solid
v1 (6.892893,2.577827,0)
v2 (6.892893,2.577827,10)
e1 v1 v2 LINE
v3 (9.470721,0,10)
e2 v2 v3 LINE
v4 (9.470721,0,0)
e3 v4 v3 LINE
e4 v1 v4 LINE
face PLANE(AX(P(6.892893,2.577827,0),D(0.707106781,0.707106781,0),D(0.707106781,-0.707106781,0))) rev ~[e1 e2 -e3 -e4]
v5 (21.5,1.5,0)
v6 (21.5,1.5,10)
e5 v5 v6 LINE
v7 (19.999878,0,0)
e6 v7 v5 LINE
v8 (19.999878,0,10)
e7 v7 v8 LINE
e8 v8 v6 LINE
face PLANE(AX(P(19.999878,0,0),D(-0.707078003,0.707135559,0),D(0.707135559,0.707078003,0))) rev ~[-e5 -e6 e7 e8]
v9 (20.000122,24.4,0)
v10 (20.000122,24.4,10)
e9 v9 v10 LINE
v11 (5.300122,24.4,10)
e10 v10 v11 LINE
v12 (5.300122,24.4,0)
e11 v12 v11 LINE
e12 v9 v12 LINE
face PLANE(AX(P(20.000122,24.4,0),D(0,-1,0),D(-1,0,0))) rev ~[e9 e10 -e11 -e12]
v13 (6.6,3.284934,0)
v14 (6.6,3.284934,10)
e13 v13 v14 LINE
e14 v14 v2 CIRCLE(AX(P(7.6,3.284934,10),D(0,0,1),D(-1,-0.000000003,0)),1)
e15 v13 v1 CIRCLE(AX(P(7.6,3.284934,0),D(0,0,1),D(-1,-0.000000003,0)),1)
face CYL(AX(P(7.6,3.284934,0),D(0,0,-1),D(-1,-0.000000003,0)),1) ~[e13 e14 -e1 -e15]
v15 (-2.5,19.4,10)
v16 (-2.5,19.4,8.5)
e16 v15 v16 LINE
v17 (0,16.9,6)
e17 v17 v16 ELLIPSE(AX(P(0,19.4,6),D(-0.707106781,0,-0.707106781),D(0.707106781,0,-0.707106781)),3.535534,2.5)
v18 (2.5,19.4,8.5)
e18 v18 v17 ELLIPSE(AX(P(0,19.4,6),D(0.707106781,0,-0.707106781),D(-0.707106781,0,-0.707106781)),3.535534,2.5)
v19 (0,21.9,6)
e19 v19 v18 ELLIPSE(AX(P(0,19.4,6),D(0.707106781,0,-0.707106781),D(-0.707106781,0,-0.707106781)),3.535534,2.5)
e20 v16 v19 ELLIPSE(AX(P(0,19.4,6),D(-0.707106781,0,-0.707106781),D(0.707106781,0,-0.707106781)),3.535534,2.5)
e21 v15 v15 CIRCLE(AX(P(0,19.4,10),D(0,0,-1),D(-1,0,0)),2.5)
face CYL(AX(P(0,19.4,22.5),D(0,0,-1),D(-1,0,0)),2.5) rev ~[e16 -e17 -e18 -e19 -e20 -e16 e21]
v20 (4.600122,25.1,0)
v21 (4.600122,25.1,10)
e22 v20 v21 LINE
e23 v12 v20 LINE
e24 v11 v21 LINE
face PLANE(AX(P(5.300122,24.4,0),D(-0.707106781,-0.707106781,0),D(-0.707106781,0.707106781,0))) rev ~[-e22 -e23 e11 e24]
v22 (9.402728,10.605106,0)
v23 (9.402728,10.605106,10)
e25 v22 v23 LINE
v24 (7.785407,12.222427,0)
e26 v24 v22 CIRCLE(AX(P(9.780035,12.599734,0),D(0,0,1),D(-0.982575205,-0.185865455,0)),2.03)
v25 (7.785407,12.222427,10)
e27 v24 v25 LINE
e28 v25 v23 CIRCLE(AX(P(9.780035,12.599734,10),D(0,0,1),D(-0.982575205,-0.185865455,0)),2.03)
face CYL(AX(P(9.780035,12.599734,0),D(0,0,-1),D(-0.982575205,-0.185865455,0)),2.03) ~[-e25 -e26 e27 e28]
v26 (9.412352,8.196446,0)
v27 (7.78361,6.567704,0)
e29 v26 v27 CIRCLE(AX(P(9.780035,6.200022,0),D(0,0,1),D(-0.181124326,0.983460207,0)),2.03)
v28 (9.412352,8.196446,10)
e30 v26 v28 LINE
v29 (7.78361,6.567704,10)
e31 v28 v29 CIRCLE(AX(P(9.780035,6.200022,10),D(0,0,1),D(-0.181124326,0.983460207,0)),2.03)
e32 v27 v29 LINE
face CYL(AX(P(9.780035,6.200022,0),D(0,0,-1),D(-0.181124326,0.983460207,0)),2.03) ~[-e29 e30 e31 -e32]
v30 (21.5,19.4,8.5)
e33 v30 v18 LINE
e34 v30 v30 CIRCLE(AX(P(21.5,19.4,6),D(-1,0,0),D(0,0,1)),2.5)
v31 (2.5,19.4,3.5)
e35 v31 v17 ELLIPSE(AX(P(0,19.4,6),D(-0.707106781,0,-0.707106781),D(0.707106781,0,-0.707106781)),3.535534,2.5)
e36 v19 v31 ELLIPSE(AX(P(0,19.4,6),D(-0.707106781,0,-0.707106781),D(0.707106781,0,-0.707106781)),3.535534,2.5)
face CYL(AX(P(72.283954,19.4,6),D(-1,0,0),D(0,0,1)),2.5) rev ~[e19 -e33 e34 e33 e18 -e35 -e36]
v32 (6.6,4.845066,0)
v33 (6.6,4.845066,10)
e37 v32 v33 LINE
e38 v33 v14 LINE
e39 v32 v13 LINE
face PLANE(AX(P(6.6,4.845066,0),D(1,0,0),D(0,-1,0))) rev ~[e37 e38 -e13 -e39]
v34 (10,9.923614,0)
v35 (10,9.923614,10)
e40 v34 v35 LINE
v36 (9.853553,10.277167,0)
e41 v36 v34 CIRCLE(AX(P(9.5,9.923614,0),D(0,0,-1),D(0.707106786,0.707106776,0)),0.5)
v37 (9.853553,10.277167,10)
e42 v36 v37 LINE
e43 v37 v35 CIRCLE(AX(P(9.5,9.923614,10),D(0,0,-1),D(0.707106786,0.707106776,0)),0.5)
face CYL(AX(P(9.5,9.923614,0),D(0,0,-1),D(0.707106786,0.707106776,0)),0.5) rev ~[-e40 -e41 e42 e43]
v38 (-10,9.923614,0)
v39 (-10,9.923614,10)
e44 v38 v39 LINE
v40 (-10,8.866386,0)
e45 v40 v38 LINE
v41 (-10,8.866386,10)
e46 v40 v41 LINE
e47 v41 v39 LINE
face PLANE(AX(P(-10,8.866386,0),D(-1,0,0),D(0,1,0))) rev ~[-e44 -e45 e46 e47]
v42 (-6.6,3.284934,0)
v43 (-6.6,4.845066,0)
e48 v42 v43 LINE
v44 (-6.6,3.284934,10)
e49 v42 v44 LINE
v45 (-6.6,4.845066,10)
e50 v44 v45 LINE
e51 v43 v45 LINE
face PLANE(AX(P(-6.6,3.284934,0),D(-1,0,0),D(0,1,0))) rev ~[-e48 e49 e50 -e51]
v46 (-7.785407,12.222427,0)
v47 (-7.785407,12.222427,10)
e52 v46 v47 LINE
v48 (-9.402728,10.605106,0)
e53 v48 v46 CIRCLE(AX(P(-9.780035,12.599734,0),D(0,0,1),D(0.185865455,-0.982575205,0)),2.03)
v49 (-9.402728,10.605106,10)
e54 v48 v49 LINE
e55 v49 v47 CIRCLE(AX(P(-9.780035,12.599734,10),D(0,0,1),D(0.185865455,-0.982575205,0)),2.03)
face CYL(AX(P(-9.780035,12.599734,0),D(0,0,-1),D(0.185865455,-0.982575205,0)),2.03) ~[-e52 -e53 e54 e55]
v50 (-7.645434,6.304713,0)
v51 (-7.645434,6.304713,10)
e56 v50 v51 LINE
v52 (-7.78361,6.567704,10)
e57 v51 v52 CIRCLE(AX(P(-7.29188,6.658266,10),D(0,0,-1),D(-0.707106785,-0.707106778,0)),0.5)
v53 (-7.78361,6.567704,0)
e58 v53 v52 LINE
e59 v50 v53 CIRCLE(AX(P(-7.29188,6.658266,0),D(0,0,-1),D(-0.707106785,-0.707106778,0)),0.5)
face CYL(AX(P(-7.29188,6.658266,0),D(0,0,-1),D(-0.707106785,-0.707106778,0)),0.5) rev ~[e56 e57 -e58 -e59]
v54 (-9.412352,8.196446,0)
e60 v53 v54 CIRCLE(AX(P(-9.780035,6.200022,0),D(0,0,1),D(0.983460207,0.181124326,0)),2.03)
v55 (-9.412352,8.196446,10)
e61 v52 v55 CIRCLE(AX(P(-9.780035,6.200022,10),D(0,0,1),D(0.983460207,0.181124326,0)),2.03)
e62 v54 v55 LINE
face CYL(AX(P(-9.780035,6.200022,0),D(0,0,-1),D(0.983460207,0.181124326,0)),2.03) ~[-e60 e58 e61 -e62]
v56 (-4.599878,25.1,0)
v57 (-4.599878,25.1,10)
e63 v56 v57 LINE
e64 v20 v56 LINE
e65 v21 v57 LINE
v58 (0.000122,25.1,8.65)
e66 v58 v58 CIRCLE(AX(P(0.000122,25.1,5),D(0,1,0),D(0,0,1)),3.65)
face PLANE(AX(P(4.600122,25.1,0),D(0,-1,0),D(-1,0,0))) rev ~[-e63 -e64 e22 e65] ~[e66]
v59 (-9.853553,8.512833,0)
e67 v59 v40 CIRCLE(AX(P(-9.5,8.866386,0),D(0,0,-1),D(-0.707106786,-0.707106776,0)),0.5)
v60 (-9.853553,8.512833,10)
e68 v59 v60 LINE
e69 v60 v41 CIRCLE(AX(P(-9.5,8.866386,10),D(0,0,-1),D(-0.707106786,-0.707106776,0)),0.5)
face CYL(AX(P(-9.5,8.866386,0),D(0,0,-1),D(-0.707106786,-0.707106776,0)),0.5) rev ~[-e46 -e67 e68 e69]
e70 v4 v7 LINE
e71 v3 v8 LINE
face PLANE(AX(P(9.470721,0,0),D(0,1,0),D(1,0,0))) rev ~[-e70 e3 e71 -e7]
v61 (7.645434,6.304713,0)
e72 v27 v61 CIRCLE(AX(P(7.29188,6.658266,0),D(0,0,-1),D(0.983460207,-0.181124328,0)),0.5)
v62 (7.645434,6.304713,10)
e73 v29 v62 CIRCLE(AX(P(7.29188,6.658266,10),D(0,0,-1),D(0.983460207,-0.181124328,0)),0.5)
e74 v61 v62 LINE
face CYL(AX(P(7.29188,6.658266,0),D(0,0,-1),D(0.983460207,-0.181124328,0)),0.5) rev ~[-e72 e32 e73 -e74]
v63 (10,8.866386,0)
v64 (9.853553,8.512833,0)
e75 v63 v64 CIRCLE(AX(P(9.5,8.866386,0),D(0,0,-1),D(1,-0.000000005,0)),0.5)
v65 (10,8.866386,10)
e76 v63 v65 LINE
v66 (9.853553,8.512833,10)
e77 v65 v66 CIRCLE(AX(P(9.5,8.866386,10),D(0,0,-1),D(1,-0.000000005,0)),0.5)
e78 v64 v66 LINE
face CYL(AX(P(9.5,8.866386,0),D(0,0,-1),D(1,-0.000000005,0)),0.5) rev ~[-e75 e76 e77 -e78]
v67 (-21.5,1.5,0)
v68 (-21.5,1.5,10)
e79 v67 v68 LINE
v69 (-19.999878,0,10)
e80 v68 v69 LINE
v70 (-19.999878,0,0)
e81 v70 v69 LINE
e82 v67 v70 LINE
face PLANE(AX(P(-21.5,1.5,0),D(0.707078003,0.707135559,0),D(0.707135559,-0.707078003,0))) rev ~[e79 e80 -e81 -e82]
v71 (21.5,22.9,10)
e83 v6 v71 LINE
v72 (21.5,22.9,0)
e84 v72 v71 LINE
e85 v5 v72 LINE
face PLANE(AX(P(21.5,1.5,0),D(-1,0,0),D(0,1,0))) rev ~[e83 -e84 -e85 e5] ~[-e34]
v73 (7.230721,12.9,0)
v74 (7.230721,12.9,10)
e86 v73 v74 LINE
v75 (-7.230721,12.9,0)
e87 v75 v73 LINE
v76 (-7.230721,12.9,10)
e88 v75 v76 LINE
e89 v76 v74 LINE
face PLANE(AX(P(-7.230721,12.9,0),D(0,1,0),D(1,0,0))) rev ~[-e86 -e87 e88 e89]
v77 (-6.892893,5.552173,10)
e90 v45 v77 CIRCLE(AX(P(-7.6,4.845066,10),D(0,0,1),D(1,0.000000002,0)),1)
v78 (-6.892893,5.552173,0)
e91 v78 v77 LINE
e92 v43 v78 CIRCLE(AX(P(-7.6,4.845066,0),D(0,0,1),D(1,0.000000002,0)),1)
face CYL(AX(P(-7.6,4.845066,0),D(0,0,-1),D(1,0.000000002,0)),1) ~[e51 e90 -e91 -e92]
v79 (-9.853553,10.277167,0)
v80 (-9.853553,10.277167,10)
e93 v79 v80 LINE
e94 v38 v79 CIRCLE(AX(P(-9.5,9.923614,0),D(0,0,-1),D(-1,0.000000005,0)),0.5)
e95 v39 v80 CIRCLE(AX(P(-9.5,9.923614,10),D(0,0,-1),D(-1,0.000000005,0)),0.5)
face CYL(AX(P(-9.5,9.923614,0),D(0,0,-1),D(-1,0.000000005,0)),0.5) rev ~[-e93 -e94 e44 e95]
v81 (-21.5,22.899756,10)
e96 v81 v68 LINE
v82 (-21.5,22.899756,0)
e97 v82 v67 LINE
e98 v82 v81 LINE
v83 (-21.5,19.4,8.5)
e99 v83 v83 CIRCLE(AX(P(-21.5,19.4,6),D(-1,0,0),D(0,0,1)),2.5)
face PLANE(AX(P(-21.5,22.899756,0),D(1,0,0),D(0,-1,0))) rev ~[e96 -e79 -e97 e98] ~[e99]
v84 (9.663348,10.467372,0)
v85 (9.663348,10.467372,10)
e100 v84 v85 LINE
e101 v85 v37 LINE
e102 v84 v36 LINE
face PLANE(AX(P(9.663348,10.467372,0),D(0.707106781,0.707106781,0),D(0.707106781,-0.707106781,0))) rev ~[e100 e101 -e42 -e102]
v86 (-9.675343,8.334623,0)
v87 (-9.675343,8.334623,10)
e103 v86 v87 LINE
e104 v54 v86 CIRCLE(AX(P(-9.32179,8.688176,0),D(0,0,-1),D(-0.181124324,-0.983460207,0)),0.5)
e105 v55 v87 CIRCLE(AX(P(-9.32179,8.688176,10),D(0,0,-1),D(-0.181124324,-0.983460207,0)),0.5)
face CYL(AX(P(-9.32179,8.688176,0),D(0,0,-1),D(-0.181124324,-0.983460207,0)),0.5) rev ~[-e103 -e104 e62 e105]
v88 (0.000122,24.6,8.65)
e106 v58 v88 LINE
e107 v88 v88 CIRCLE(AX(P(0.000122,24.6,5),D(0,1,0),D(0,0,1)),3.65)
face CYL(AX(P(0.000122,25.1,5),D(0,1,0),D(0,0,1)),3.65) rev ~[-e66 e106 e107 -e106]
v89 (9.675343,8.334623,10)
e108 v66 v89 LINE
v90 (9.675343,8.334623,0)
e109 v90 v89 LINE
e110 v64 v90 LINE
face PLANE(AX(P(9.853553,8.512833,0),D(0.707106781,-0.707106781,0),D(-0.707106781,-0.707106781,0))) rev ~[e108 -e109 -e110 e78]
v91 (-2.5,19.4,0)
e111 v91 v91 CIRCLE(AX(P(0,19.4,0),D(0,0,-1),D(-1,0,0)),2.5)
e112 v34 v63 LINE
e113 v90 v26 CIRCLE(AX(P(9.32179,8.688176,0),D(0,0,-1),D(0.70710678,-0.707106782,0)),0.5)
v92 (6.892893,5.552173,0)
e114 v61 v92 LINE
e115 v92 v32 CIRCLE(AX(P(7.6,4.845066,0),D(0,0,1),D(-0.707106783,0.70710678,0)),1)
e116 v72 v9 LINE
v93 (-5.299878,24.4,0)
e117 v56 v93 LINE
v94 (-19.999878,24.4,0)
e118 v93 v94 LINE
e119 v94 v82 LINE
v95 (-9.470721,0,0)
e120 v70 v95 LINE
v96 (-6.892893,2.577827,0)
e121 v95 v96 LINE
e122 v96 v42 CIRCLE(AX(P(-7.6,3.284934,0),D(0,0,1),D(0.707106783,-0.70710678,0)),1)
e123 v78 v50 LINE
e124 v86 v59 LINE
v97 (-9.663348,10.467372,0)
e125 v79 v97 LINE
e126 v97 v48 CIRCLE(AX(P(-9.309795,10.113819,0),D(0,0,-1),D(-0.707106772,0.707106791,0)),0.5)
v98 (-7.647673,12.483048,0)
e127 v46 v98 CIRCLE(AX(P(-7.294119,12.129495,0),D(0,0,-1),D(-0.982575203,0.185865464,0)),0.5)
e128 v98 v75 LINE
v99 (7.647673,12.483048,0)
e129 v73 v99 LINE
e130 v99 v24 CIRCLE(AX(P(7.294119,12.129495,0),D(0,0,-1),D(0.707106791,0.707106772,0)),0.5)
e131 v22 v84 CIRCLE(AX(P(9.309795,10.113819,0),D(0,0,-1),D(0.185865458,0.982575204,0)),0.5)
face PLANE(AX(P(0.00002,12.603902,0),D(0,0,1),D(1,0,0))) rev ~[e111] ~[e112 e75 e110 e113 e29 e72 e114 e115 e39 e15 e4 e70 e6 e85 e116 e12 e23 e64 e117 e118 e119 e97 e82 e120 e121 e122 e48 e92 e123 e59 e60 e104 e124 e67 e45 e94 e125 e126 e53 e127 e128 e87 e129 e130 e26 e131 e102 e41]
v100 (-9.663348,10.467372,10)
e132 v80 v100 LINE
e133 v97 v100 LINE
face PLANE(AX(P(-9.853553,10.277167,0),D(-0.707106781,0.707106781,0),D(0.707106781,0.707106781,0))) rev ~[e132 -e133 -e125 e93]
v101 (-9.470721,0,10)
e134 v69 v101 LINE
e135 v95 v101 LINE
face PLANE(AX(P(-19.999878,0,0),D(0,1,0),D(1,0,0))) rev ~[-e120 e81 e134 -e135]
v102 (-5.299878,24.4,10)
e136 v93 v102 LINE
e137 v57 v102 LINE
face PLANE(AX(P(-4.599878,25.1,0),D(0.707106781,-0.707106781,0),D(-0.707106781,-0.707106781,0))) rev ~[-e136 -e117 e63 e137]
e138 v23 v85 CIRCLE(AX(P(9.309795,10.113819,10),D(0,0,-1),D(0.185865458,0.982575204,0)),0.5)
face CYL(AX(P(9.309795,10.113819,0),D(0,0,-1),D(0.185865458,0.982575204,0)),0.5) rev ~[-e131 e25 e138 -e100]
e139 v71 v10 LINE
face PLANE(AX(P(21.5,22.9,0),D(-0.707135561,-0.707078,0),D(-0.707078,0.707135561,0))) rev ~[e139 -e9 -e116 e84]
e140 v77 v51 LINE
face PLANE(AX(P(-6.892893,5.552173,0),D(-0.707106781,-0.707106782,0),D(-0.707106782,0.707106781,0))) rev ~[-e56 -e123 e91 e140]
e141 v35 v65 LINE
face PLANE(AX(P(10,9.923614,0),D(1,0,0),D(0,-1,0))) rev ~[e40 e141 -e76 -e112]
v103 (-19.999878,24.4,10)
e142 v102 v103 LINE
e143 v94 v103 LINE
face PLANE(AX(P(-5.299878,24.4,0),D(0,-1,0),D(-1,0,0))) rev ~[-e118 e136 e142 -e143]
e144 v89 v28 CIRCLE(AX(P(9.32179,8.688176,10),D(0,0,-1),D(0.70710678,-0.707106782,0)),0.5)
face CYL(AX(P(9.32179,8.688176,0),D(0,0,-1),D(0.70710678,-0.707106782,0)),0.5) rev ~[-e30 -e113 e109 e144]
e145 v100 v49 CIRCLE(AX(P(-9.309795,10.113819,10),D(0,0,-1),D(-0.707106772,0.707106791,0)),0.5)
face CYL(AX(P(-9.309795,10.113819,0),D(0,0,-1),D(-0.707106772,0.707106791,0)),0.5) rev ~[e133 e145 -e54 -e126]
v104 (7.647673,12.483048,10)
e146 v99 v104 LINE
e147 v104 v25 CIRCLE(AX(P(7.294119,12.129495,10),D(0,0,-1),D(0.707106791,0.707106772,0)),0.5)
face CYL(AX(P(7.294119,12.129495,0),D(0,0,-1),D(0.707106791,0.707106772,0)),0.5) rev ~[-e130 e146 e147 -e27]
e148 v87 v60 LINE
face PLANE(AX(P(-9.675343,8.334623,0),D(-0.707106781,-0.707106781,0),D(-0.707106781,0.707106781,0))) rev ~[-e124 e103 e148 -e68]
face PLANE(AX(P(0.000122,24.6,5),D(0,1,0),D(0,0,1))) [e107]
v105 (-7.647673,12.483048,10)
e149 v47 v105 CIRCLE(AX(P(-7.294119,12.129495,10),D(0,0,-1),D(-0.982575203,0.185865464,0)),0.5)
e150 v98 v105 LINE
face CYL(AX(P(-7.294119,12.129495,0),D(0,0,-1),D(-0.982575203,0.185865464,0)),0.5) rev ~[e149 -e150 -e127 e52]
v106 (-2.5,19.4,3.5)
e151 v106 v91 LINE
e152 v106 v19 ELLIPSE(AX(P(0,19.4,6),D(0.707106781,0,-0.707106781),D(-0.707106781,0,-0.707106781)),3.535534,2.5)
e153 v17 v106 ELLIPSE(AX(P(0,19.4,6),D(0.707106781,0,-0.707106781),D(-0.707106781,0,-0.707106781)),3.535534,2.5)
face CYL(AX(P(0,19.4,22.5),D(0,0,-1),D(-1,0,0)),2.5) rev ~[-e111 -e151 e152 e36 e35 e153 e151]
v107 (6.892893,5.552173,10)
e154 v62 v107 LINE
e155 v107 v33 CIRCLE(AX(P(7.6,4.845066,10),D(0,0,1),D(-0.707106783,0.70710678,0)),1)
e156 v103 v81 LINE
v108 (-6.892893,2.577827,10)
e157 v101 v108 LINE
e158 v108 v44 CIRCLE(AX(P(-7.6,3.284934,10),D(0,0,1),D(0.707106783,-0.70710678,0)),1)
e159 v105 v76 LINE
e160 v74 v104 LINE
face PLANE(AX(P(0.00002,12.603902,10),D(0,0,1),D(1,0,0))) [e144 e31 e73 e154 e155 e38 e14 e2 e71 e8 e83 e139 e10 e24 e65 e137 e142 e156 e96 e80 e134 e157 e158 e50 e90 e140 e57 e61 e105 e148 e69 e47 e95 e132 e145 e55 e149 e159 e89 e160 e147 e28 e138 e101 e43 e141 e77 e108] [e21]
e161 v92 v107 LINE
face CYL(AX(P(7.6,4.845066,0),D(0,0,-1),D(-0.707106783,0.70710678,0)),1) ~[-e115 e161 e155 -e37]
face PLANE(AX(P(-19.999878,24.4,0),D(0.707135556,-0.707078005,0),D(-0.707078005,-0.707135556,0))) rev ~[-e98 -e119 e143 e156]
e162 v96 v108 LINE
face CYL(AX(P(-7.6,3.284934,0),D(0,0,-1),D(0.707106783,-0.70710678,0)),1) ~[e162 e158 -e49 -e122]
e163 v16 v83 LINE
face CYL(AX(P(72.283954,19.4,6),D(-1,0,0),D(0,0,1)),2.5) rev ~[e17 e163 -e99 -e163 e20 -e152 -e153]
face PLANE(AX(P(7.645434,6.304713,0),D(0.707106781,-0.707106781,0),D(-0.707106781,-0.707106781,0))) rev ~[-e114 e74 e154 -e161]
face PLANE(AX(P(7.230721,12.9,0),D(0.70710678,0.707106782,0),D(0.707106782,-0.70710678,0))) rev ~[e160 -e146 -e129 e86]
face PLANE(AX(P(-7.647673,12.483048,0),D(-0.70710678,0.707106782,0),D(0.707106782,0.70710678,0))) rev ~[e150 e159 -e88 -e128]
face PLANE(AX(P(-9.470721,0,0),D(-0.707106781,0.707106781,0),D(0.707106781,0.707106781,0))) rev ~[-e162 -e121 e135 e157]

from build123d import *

# Parameters (mm, degrees)
ENDCAP_1_DEPTH                  = 10
TAP_DRILL_FOR_M6X1_0_TAP1_D     = 5
TAP_DRILL_FOR_M6X1_0_TAP1_DEPTH = 12.5
TAP_DRILL_FOR_M6X1_0_TAP1_TIP   = 1.301417626
TAP_DRILL_FOR_M6X1_0_TAP2_D     = 5
SKETCH9_R                       = 3.65
CUT_EXTRUDE1_DEPTH              = 0.5


with BuildPart() as part:
    # Sketch3 → Endcap 1 (new body)
    with BuildSketch(Plane.XY):
        with BuildLine():
            Line((-7.230720611, 12.9), (7.230720611, 12.9))
            Line((7.230720611, 12.9), (7.647672674, 12.483047938))
            ThreePointArc((7.647672674, 12.483047938), (7.736182466, 12.363118479), (7.785406885, 12.222427275))
            ThreePointArc((7.785406885, 12.222427275), (8.344607784, 11.164307384), (9.402727675, 10.605106485))
            ThreePointArc((9.402727675, 10.605106485), (9.54341888, 10.555882066), (9.663348338, 10.467372274))
            Line((9.663348338, 10.467372274), (9.853553391, 10.277167221))
            ThreePointArc((9.853553391, 10.277167221), (9.961939766, 10.114955546), (10, 9.92361383))
            Line((10, 9.92361383), (10, 8.86638617))
            ThreePointArc((10, 8.86638617), (9.961939766, 8.675044454), (9.853553391, 8.512832779))
            Line((9.853553391, 8.512832779), (9.675343394, 8.334622782))
            ThreePointArc((9.675343394, 8.334622782), (9.554347216, 8.245550888), (9.412352167, 8.19644607))
            ThreePointArc((9.412352167, 8.19644607), (8.344607784, 7.635448616), (7.783610331, 6.567704234))
            ThreePointArc((7.783610331, 6.567704234), (7.734505512, 6.425709184), (7.645433618, 6.304713007))
            Line((7.645433618, 6.304713007), (6.892893219, 5.552172608))
            ThreePointArc((6.892893219, 5.552172608), (6.676120468, 5.227749259), (6.6, 4.845065826))
            Line((6.6, 4.845065826), (6.6, 3.284934173))
            ThreePointArc((6.6, 3.284934173), (6.676120468, 2.902250741), (6.892893219, 2.577827392))
            Line((6.892893219, 2.577827392), (9.470720611, 0))
            Line((9.470720611, 0), (19.9998779, 0))
            Line((19.9998779, 0), (21.5, 1.5))
            Line((21.5, 1.5), (21.5, 22.9))
            Line((21.5, 22.9), (20.0001221, 24.4))
            Line((20.0001221, 24.4), (5.3001221, 24.4))
            Line((5.3001221, 24.4), (4.6001221, 25.1))
            Line((4.6001221, 25.1), (-4.5998779, 25.1))
            Line((-4.5998779, 25.1), (-5.2998779, 24.4))
            Line((-5.2998779, 24.4), (-19.9998779, 24.4))
            Line((-19.9998779, 24.4), (-21.5, 22.8997558))
            Line((-21.5, 22.8997558), (-21.5, 1.5))
            Line((-21.5, 1.5), (-19.9998779, 0))
            Line((-19.9998779, 0), (-9.470720611, 0))
            Line((-9.470720611, 0), (-6.892893219, 2.577827392))
            ThreePointArc((-6.892893219, 2.577827392), (-6.676120468, 2.902250741), (-6.6, 3.284934173))
            Line((-6.6, 3.284934173), (-6.6, 4.845065826))
            ThreePointArc((-6.6, 4.845065826), (-6.676120468, 5.227749259), (-6.892893219, 5.552172608))
            Line((-6.892893219, 5.552172608), (-7.645433618, 6.304713006))
            ThreePointArc((-7.645433618, 6.304713006), (-7.734505512, 6.425709184), (-7.783610331, 6.567704233))
            ThreePointArc((-7.783610331, 6.567704233), (-8.344607784, 7.635448616), (-9.412352167, 8.19644607))
            ThreePointArc((-9.412352167, 8.19644607), (-9.554347216, 8.245550888), (-9.675343394, 8.334622782))
            Line((-9.675343394, 8.334622782), (-9.853553391, 8.512832779))
            ThreePointArc((-9.853553391, 8.512832779), (-9.961939766, 8.675044454), (-10, 8.86638617))
            Line((-10, 8.86638617), (-10, 9.92361383))
            ThreePointArc((-10, 9.92361383), (-9.961939766, 10.114955546), (-9.853553391, 10.277167221))
            Line((-9.853553391, 10.277167221), (-9.663348338, 10.467372274))
            ThreePointArc((-9.663348338, 10.467372274), (-9.543418879, 10.555882066), (-9.402727675, 10.605106485))
            ThreePointArc((-9.402727675, 10.605106485), (-8.344607784, 11.164307384), (-7.785406885, 12.222427275))
            ThreePointArc((-7.785406885, 12.222427275), (-7.736182466, 12.363118479), (-7.647672674, 12.483047938))
            Line((-7.647672674, 12.483047938), (-7.230720611, 12.9))
        make_face()
    extrude(amount=ENDCAP_1_DEPTH)

    # Tap Drill for M6x1.0 Tap1
    with Locations(Plane.XY.offset(10)):
        with Locations((0, 19.4)):
            Hole(TAP_DRILL_FOR_M6X1_0_TAP1_D / 2, depth=TAP_DRILL_FOR_M6X1_0_TAP1_DEPTH)
            with Locations((0, 0, -(TAP_DRILL_FOR_M6X1_0_TAP1_DEPTH + TAP_DRILL_FOR_M6X1_0_TAP1_TIP / 2))):  # 125° drill point
                Cone(0, TAP_DRILL_FOR_M6X1_0_TAP1_D / 2, TAP_DRILL_FOR_M6X1_0_TAP1_TIP, mode=Mode.SUBTRACT)

    # Tap Drill for M6x1.0 Tap2 (through all)
    with Locations(Plane(origin=(21.5, 0, 0), x_dir=(0, 0, -1), z_dir=(1, 0, 0))):
        with Locations((-6, 19.4)):
            Hole(TAP_DRILL_FOR_M6X1_0_TAP2_D / 2)

    # Sketch9 → Cut-Extrude1 (cut)
    with BuildSketch(Plane(origin=(0, 25.1, 0), x_dir=(1, 0, 0), z_dir=(0, 1, 0))):
        with Locations((0.0001221, -5)):
            Circle(SKETCH9_R)
    extrude(amount=-CUT_EXTRUDE1_DEPTH, mode=Mode.SUBTRACT)


solid = part.part
